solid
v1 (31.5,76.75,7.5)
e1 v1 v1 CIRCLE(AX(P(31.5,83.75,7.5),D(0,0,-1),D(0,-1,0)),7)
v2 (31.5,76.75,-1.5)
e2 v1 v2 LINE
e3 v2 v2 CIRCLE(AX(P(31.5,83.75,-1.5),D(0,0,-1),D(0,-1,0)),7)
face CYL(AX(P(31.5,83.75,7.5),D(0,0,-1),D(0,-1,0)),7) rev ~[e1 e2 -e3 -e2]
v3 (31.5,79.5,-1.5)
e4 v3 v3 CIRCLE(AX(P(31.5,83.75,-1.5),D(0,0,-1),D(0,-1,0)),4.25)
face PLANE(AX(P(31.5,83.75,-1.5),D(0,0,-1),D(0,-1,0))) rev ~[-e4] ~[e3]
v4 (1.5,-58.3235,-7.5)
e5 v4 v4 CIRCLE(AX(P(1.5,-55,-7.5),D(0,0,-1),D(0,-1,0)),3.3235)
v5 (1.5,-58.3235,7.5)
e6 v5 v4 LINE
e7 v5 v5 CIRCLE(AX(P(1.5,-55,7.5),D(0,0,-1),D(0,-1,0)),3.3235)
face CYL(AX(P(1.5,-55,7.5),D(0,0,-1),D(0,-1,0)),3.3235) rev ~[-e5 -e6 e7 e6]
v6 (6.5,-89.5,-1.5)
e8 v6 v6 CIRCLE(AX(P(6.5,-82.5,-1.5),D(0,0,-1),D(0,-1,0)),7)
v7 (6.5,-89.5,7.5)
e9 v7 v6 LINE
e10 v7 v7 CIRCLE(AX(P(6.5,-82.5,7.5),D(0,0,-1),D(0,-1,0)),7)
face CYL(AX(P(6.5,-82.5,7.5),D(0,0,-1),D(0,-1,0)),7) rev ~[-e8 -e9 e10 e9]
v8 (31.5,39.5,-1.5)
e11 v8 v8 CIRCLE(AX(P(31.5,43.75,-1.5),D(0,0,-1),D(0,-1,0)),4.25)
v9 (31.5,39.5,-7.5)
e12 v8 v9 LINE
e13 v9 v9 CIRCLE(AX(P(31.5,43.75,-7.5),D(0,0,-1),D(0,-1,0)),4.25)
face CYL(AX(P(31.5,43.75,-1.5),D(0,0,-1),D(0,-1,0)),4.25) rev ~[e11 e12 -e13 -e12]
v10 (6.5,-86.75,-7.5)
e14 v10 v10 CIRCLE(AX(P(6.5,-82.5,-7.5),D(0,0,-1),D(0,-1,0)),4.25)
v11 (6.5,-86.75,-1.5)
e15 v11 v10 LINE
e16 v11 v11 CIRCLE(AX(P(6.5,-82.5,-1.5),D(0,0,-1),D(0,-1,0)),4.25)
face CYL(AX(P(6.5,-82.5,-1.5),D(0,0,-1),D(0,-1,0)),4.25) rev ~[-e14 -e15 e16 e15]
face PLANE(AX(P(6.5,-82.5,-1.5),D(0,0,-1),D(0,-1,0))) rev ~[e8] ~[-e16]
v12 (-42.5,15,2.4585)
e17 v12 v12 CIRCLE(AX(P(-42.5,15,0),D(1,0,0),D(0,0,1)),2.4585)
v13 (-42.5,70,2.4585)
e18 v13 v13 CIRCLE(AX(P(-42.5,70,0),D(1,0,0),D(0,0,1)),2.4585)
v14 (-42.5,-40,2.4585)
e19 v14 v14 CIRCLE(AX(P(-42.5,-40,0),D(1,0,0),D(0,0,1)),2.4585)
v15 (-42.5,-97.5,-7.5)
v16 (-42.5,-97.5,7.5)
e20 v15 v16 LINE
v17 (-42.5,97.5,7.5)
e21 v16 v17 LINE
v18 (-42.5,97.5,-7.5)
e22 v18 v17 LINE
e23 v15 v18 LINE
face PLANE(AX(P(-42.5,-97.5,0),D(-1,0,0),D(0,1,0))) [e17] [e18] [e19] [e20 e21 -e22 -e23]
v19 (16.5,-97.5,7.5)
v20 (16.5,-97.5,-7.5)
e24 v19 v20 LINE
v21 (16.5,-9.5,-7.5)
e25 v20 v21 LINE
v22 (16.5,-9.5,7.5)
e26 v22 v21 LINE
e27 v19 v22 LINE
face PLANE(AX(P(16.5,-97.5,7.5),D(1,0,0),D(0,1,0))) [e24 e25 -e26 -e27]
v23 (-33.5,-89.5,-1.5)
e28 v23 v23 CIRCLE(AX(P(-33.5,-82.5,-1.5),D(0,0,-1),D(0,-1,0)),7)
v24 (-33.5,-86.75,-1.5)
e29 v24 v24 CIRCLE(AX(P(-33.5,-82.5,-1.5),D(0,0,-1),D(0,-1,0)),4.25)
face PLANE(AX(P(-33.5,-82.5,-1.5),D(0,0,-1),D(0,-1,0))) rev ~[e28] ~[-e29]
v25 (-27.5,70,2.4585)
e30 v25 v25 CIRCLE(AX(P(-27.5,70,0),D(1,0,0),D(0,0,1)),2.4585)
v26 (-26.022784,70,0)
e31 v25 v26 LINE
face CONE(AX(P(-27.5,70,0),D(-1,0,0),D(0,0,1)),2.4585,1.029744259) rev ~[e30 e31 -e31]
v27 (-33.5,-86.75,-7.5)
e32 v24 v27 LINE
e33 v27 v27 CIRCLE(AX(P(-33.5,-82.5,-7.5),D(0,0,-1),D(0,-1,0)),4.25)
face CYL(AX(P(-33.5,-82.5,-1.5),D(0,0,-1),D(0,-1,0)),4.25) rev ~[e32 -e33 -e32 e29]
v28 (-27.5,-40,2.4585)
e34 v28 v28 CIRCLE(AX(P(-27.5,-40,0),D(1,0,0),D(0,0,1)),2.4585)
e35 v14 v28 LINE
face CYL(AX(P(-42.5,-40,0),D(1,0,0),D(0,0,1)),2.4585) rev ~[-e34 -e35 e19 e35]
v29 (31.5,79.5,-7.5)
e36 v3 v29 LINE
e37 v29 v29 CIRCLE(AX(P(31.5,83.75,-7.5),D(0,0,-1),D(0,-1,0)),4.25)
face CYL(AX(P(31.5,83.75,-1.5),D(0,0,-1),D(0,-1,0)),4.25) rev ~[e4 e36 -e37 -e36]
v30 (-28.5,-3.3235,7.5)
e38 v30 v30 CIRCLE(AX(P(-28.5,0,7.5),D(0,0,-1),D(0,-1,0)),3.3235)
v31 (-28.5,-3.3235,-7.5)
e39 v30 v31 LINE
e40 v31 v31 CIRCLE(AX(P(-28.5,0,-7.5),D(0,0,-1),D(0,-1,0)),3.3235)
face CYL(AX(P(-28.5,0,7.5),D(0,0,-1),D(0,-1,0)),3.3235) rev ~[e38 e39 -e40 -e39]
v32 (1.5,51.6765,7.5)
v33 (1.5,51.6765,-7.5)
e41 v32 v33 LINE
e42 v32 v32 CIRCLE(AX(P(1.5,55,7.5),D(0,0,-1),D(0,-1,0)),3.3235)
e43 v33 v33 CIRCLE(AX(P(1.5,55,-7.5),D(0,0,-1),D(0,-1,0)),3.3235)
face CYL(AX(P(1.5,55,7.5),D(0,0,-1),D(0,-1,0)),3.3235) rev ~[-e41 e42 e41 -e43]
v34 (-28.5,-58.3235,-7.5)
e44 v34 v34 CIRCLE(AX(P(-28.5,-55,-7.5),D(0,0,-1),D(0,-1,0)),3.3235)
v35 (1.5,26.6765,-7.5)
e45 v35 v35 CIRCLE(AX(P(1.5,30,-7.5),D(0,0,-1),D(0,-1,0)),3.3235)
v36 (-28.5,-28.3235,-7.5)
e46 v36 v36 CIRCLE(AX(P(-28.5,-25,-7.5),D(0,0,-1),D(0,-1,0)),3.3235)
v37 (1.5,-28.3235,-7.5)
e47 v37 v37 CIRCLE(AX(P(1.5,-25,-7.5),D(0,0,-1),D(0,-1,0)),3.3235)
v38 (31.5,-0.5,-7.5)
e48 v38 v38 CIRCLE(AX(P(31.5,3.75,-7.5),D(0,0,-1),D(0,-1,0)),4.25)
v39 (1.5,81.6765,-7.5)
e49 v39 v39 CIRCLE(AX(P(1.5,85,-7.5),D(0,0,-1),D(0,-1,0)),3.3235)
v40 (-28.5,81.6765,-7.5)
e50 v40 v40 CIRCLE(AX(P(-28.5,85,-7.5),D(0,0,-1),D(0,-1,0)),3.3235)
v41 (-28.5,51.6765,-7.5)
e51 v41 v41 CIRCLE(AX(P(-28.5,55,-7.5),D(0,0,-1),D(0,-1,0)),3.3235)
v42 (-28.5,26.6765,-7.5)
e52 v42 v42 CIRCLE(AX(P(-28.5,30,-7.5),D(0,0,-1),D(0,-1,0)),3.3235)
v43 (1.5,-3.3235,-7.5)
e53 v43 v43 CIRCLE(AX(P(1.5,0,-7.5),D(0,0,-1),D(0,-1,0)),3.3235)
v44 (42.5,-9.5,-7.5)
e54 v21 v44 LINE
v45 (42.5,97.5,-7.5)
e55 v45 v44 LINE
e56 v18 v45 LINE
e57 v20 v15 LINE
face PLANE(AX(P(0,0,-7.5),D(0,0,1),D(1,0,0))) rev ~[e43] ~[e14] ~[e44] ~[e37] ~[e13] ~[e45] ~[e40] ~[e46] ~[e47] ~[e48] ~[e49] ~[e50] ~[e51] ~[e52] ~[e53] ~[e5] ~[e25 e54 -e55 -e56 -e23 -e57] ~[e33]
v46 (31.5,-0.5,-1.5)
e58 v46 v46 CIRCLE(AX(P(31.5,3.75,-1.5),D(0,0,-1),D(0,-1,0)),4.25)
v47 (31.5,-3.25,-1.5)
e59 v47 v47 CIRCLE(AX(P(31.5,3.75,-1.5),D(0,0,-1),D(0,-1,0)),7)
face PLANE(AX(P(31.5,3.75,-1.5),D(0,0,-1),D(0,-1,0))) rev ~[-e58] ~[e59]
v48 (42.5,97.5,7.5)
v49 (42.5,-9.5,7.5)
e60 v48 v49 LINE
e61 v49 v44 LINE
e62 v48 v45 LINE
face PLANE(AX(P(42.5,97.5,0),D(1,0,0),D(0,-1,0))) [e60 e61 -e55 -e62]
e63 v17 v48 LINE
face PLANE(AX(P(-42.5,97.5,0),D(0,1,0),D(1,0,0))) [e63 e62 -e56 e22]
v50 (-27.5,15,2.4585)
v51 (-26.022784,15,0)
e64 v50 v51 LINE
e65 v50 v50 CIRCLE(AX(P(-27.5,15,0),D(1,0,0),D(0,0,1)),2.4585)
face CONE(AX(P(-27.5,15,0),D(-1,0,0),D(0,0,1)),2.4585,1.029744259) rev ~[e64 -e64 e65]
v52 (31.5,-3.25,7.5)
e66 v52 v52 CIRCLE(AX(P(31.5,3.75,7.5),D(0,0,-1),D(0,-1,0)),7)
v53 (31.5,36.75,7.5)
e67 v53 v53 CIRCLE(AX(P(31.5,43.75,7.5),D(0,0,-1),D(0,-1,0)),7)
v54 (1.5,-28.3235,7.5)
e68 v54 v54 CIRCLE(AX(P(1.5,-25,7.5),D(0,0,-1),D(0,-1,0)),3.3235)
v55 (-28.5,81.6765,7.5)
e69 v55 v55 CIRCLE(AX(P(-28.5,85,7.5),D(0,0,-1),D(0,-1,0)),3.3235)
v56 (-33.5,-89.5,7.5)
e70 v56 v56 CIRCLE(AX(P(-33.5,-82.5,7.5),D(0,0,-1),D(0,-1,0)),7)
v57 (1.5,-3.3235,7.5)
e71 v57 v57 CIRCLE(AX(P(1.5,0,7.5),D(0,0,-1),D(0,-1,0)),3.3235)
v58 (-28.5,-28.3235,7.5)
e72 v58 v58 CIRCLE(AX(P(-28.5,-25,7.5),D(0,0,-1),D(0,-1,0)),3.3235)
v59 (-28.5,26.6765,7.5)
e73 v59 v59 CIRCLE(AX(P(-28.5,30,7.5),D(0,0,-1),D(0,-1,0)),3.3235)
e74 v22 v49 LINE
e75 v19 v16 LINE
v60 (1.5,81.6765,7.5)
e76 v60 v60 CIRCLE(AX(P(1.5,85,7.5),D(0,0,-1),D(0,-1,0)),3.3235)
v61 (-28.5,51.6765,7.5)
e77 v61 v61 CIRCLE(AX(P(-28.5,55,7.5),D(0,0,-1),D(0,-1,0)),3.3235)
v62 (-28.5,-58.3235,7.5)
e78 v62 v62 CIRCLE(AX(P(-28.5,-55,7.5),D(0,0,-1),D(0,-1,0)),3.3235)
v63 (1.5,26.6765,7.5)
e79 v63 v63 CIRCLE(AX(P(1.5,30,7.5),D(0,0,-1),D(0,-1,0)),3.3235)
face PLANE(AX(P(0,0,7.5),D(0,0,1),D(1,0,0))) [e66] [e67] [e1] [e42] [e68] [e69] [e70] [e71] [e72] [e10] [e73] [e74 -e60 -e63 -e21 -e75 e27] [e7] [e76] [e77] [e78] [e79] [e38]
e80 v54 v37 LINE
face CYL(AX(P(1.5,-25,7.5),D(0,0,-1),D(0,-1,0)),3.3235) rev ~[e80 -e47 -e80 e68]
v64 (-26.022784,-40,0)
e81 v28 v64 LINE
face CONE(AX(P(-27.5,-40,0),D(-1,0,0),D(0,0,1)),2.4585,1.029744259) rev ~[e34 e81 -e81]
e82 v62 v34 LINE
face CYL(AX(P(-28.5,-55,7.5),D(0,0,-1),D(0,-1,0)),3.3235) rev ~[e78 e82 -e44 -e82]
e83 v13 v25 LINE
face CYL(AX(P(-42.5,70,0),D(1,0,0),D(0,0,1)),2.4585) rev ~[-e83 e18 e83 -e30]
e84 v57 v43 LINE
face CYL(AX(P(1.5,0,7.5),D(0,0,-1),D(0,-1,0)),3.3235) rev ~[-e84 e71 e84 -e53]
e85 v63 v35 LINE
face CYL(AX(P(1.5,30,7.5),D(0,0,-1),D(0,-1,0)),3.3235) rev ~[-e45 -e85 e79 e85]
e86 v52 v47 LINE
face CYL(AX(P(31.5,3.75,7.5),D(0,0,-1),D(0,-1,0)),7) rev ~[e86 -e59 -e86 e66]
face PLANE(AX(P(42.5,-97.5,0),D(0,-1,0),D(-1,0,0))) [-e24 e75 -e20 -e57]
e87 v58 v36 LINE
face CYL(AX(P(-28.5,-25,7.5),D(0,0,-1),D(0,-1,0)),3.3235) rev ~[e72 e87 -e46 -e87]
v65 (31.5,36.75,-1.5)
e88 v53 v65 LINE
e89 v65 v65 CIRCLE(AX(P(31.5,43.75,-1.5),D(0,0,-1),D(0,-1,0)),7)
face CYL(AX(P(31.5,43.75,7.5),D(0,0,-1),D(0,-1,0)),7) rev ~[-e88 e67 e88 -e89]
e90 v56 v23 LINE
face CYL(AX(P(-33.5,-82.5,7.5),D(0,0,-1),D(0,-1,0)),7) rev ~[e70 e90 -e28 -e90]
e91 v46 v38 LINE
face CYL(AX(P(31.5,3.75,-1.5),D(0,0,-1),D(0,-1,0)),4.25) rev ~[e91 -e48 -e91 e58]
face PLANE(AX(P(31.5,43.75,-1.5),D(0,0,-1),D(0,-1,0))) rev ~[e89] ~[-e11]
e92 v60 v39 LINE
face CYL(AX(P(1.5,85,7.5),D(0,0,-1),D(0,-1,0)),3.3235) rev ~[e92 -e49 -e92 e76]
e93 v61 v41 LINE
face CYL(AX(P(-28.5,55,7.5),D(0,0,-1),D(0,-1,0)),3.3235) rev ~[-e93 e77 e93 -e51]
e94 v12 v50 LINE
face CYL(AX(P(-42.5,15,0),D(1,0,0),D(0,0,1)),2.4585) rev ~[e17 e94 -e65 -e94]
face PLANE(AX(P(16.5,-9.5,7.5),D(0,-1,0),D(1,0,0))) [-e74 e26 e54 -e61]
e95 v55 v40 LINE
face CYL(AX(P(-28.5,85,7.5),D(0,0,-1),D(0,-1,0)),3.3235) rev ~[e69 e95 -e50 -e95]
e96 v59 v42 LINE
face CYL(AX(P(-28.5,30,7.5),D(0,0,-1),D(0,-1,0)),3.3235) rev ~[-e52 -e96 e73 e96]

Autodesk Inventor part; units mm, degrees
ref_plane "YZ Plane" through (0, 0, 0) normal (1, 0, 0) x (0, 1, 0)
ref_plane "XZ Plane" through (0, 0, 0) normal (0, 1, 0) x (-1, 0, 0)
ref_plane "XY Plane" through (0, 0, 0) normal (0, 0, 1) x (1, 0, 0)
sketch "Sketch5" plane through (0, 0, 0) normal (0, 0, 1) x (1, 0, 0)
  line L0 (-42.5, 97.5) -> (42.5, 97.5)
  line L1 (42.5, 97.5) -> (42.5, -97.5)
  line L2 (42.5, -97.5) -> (-42.5, -97.5)
  line L3 (-42.5, -97.5) -> (-42.5, 97.5)
  point P0 (0, 0)
  point P1 (0, 97.5)
  point P2 (42.5, 0)
  point P3 (-42.5, 0)
  dimension "d8" = 195
  dimension "d9" = 85
extrude "Extrusion5" add sketch "Sketch5" along normal mid plane 15
sketch "Sketch6" plane through (0, 0, 7.5) normal (0, 0, 1) x (1, 0, 0)
  line L0 (42.5, -97.5) -> (16.5, -97.5)
  line L1 (16.5, -97.5) -> (16.5, -9.5)
  line L2 (16.5, -9.5) -> (42.5, -9.5)
  line L3 (42.5, -9.5) -> (42.5, -97.5)
  point P0 (0, 0)
  dimension "d12" = 88
  dimension "d13" = 26
extrude "Extrusion6" cut sketch "Sketch6" against normal blind 15
sketch "Sketch7" plane through (0, 0, 7.5) normal (0, 0, 1) x (1, 0, 0)
  line L0 (42.5, 97.5) -> (-42.5, 97.5) projected
  line L1 (-42.5, 97.5) -> (-42.5, -97.5) projected
  line L2 (-42.5, -97.5) -> (16.5, -97.5) projected
  circle A0 centre (31.5, 83.75) radius 4.25
  circle A1 centre (31.5, 43.75) radius 4.25
  circle A2 centre (31.5, 3.75) radius 4.25
  circle A3 centre (-33.5, -82.5) radius 4.25
  circle A4 centre (6.5, -82.5) radius 4.25
  line L3 (16.5, -97.5) -> (16.5, -9.5) projected
  line L4 (42.5, -9.5) -> (42.5, 97.5) projected
  point P0 (0, 0)
  dimension "d17" = 74
  dimension "d18" = 8.5
  dimension "d19" = 40
  dimension "d20" = 40
  dimension "d21" = 13.75
  dimension "d22" = 40
  dimension "d23" = 15
  dimension "d66" = 10
  dimension "d68" = 11
hole "Hole1" at (31.5, 83.75, 7.5) at (31.5, 43.75, 7.5) at (31.5, 3.75, 7.5) at (6.5, -82.5, 7.5) at (-33.5, -82.5, 7.5) direction (0, 0, -1) diameter 8.5 end through all counterbore diameter 14 counterbore depth 9 clearance for "Socket Head Cap Screw DIN EN ISO 4762" size "M8" standard "DIN"
sketch "Sketch8" plane through (0, 0, 7.5) normal (0, 0, 1) x (1, 0, 0)
  line L0 (42.5, 97.5) -> (-42.5, 97.5) projected
  line L1 (-42.5, 97.5) -> (-42.5, -97.5) projected
  line L2 (-42.5, -97.5) -> (16.5, -97.5) projected
  circle A0 centre (-28.5, 85) radius 4
  circle A1 centre (1.5, 85) radius 4
  circle A2 centre (-28.5, 55) radius 4
  circle A3 centre (1.5, 55) radius 4
  circle A4 centre (-28.5, 30) radius 4
  circle A5 centre (-28.5, 0) radius 4
  circle A6 centre (1.5, 30) radius 4
  circle A7 centre (1.5, 0) radius 4
  circle A8 centre (-28.5, -55) radius 4
  circle A9 centre (1.5, -55) radius 4
  line L3 (-57.3365, -67.5) -> (43.3911, -67.5)
  line L4 (-57.3365, -12.5) -> (43.3911, -12.5)
  line L5 (-57.3365, 42.5) -> (43.3911, 42.5)
  circle A10 centre (-28.5, -25) radius 4
  circle A11 centre (1.5, -25) radius 4
  point P0 (0, 0)
  dimension "d33" = 8
  dimension "d34" = 30
  dimension "d36" = 55
  dimension "d37" = 55
  dimension "d38" = 30
  dimension "d39" = 55
  dimension "d40" = 12.5
  dimension "d41" = 12.5
  dimension "d42" = 30
  dimension "d43" = 12.5
  dimension "d44" = 30
  dimension "d45" = 30
  dimension "d46" = 14
hole "Hole2" at (-28.5, 85, 7.5) at (1.5, 85, 7.5) at (1.5, 55, 7.5) at (-28.5, 55, 7.5) at (-28.5, 30, 7.5) at (1.5, 30, 7.5) at (1.5, 0, 7.5) at (-28.5, 0, 7.5) at (-28.5, -25, 7.5) at (1.5, -25, 7.5) at (1.5, -55, 7.5) at (-28.5, -55, 7.5) direction (0, 0, -1) diameter 6.647 end through all thread size "M8x1.25" class "6H" standard "ISO Metric profile"
sketch "Sketch9" plane through (-42.5, -97.5, 7.5) normal (-1, 0, 0) x (0, 0, 1)
  line L0 (-15, 195) -> (0, 195)
  circle A0 centre (-7.5, 167.5) radius 3
  circle A1 centre (-7.5, 112.5) radius 3
  circle A2 centre (-7.5, 57.5) radius 3
  line L1 (0, 0) -> (-15, 0) projected
  point P0 (-7.5, 97.5)
  point P1 (-7.5, 97.5)
  dimension "d55" = 55
  dimension "d56" = 55
  dimension "d57" = 6
  dimension "d65" = 57.5
hole "Hole3" at (-42.5, -40, 0) at (-42.5, 15, 0) at (-42.5, 70, 0) direction (1, 0, 0) diameter 4.917 depth 15 tip angle 118 thread size "M6x1" class "6H" standard "ISO Metric profile"
equation "\"d20\" = d19"
properties part number "BC-10014" material "Alumínio 7075"
